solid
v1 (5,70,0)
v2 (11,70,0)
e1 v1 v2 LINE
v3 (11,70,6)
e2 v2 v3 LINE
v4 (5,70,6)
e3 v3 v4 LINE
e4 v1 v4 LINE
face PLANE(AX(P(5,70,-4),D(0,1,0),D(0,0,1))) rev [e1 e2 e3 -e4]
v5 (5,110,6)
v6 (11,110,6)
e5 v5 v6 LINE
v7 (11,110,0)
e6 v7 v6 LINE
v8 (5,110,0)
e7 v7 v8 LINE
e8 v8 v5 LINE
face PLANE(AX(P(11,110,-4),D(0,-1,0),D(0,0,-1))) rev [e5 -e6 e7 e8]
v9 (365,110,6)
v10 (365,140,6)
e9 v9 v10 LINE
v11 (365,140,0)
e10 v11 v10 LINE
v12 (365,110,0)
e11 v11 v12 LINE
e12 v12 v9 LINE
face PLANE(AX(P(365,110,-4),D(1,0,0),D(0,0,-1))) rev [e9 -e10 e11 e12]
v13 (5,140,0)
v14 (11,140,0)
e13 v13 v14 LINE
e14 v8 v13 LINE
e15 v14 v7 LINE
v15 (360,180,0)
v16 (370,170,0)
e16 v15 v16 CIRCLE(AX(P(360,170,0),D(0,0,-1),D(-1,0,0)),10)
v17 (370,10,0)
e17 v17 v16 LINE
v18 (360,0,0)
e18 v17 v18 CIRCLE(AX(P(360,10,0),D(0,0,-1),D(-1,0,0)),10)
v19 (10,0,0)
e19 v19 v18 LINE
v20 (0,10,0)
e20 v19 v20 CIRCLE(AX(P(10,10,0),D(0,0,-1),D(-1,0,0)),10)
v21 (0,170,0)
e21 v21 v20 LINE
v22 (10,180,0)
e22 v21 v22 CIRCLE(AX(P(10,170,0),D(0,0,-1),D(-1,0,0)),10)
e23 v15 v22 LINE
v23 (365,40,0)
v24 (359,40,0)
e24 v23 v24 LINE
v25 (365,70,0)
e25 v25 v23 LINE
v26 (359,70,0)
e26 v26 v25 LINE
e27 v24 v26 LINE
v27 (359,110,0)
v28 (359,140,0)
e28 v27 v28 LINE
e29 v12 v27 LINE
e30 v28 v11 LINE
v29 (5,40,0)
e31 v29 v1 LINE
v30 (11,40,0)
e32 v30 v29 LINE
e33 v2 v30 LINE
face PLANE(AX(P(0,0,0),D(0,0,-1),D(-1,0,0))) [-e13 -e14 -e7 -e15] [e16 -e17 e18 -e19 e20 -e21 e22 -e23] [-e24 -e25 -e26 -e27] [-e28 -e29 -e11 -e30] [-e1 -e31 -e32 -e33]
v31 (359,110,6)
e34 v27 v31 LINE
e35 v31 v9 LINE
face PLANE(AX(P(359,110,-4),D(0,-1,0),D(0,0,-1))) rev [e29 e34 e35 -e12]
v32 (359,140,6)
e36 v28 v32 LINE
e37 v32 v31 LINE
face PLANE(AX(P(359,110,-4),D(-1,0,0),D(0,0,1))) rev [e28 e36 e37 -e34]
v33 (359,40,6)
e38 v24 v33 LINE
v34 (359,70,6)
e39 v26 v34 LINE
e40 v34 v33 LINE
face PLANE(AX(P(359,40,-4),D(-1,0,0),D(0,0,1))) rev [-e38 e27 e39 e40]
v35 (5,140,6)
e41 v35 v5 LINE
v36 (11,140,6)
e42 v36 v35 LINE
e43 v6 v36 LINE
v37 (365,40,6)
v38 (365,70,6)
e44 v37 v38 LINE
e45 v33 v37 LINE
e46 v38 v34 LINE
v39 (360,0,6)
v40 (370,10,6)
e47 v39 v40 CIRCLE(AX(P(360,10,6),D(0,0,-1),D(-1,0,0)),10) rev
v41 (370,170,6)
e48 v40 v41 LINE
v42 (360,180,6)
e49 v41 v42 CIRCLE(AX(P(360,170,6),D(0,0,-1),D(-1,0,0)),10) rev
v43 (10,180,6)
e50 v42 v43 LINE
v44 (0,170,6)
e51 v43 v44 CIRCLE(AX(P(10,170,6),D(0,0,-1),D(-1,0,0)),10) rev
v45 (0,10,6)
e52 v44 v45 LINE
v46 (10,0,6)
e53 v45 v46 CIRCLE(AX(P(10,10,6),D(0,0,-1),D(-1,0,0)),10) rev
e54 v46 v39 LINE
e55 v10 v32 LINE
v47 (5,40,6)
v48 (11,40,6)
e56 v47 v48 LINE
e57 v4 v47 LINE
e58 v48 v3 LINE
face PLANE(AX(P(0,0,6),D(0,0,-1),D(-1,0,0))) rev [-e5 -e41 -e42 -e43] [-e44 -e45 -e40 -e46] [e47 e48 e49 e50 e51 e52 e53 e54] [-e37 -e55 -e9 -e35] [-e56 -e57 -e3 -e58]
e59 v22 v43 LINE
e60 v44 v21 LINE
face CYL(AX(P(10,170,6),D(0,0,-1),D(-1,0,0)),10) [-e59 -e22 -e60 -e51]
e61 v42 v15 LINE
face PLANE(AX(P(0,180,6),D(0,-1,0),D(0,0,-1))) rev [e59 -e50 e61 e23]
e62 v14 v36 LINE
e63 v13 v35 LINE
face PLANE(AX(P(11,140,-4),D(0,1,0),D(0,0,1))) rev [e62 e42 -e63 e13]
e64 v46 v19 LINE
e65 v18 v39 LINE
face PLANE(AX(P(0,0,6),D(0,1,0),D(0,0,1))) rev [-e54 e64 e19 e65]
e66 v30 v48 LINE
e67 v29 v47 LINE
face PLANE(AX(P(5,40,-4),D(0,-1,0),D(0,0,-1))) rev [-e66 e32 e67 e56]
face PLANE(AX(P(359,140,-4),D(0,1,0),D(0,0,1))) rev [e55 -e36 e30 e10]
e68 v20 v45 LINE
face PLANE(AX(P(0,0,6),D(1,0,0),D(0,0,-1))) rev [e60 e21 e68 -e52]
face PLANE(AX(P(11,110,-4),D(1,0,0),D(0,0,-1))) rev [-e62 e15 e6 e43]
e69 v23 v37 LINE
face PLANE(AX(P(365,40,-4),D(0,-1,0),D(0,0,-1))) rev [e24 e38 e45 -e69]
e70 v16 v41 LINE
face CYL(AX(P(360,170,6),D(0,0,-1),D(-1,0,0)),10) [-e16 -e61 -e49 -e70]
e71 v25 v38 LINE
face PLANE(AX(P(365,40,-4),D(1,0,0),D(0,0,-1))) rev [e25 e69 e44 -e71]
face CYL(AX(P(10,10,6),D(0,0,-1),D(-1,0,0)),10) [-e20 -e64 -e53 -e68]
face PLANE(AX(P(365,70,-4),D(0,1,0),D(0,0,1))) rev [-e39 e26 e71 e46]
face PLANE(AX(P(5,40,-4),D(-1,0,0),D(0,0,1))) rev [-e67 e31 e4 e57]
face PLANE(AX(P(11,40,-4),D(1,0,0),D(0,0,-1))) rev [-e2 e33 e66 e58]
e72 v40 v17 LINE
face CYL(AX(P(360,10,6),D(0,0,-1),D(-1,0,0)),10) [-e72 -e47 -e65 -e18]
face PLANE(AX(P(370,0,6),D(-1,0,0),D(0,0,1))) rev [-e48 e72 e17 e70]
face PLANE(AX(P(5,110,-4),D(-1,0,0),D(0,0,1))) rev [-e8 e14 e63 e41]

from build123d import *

# Parameters (mm, degrees)
ESQUISSE1_W             = 370
ESQUISSE1_H             = 180
BOSS_EXTRU_1_DEPTH      = 6
ESQUISSE2_W             = 6
ESQUISSE2_H             = 30
ENL_V_MAT_EXTRU_1_DEPTH = 10
CONG_1_R                = 10


with BuildPart() as part:
    # Esquisse1 → Boss.-Extru.1 (new body)
    with BuildSketch(Plane.XY):
        with Locations((185, 90)):
            Rectangle(ESQUISSE1_W, ESQUISSE1_H)
    extrude(amount=BOSS_EXTRU_1_DEPTH)

    # Esquisse2 → Enlèv. mat.-Extru.1 (cut)
    with BuildSketch(Plane.XY.offset(6)):
        with Locations((8, 55)):
            Rectangle(ESQUISSE2_W, ESQUISSE2_H)
        with Locations((8, 125)):
            Rectangle(ESQUISSE2_W, ESQUISSE2_H)
        with Locations((362, 125)):
            Rectangle(ESQUISSE2_W, ESQUISSE2_H)
        with Locations((362, 55)):
            Rectangle(ESQUISSE2_W, ESQUISSE2_H)
    extrude(amount=-ENL_V_MAT_EXTRU_1_DEPTH, mode=Mode.SUBTRACT)

    # Congé1
    cong_1_edges = [part.edges().sort_by_distance(p)[0] for p in [
        (0, 180, 3),
        (370, 180, 3),
        (370, 0, 3),
        (0, 0, 3),
    ]]
    fillet(cong_1_edges, radius=CONG_1_R)


solid = part.part
